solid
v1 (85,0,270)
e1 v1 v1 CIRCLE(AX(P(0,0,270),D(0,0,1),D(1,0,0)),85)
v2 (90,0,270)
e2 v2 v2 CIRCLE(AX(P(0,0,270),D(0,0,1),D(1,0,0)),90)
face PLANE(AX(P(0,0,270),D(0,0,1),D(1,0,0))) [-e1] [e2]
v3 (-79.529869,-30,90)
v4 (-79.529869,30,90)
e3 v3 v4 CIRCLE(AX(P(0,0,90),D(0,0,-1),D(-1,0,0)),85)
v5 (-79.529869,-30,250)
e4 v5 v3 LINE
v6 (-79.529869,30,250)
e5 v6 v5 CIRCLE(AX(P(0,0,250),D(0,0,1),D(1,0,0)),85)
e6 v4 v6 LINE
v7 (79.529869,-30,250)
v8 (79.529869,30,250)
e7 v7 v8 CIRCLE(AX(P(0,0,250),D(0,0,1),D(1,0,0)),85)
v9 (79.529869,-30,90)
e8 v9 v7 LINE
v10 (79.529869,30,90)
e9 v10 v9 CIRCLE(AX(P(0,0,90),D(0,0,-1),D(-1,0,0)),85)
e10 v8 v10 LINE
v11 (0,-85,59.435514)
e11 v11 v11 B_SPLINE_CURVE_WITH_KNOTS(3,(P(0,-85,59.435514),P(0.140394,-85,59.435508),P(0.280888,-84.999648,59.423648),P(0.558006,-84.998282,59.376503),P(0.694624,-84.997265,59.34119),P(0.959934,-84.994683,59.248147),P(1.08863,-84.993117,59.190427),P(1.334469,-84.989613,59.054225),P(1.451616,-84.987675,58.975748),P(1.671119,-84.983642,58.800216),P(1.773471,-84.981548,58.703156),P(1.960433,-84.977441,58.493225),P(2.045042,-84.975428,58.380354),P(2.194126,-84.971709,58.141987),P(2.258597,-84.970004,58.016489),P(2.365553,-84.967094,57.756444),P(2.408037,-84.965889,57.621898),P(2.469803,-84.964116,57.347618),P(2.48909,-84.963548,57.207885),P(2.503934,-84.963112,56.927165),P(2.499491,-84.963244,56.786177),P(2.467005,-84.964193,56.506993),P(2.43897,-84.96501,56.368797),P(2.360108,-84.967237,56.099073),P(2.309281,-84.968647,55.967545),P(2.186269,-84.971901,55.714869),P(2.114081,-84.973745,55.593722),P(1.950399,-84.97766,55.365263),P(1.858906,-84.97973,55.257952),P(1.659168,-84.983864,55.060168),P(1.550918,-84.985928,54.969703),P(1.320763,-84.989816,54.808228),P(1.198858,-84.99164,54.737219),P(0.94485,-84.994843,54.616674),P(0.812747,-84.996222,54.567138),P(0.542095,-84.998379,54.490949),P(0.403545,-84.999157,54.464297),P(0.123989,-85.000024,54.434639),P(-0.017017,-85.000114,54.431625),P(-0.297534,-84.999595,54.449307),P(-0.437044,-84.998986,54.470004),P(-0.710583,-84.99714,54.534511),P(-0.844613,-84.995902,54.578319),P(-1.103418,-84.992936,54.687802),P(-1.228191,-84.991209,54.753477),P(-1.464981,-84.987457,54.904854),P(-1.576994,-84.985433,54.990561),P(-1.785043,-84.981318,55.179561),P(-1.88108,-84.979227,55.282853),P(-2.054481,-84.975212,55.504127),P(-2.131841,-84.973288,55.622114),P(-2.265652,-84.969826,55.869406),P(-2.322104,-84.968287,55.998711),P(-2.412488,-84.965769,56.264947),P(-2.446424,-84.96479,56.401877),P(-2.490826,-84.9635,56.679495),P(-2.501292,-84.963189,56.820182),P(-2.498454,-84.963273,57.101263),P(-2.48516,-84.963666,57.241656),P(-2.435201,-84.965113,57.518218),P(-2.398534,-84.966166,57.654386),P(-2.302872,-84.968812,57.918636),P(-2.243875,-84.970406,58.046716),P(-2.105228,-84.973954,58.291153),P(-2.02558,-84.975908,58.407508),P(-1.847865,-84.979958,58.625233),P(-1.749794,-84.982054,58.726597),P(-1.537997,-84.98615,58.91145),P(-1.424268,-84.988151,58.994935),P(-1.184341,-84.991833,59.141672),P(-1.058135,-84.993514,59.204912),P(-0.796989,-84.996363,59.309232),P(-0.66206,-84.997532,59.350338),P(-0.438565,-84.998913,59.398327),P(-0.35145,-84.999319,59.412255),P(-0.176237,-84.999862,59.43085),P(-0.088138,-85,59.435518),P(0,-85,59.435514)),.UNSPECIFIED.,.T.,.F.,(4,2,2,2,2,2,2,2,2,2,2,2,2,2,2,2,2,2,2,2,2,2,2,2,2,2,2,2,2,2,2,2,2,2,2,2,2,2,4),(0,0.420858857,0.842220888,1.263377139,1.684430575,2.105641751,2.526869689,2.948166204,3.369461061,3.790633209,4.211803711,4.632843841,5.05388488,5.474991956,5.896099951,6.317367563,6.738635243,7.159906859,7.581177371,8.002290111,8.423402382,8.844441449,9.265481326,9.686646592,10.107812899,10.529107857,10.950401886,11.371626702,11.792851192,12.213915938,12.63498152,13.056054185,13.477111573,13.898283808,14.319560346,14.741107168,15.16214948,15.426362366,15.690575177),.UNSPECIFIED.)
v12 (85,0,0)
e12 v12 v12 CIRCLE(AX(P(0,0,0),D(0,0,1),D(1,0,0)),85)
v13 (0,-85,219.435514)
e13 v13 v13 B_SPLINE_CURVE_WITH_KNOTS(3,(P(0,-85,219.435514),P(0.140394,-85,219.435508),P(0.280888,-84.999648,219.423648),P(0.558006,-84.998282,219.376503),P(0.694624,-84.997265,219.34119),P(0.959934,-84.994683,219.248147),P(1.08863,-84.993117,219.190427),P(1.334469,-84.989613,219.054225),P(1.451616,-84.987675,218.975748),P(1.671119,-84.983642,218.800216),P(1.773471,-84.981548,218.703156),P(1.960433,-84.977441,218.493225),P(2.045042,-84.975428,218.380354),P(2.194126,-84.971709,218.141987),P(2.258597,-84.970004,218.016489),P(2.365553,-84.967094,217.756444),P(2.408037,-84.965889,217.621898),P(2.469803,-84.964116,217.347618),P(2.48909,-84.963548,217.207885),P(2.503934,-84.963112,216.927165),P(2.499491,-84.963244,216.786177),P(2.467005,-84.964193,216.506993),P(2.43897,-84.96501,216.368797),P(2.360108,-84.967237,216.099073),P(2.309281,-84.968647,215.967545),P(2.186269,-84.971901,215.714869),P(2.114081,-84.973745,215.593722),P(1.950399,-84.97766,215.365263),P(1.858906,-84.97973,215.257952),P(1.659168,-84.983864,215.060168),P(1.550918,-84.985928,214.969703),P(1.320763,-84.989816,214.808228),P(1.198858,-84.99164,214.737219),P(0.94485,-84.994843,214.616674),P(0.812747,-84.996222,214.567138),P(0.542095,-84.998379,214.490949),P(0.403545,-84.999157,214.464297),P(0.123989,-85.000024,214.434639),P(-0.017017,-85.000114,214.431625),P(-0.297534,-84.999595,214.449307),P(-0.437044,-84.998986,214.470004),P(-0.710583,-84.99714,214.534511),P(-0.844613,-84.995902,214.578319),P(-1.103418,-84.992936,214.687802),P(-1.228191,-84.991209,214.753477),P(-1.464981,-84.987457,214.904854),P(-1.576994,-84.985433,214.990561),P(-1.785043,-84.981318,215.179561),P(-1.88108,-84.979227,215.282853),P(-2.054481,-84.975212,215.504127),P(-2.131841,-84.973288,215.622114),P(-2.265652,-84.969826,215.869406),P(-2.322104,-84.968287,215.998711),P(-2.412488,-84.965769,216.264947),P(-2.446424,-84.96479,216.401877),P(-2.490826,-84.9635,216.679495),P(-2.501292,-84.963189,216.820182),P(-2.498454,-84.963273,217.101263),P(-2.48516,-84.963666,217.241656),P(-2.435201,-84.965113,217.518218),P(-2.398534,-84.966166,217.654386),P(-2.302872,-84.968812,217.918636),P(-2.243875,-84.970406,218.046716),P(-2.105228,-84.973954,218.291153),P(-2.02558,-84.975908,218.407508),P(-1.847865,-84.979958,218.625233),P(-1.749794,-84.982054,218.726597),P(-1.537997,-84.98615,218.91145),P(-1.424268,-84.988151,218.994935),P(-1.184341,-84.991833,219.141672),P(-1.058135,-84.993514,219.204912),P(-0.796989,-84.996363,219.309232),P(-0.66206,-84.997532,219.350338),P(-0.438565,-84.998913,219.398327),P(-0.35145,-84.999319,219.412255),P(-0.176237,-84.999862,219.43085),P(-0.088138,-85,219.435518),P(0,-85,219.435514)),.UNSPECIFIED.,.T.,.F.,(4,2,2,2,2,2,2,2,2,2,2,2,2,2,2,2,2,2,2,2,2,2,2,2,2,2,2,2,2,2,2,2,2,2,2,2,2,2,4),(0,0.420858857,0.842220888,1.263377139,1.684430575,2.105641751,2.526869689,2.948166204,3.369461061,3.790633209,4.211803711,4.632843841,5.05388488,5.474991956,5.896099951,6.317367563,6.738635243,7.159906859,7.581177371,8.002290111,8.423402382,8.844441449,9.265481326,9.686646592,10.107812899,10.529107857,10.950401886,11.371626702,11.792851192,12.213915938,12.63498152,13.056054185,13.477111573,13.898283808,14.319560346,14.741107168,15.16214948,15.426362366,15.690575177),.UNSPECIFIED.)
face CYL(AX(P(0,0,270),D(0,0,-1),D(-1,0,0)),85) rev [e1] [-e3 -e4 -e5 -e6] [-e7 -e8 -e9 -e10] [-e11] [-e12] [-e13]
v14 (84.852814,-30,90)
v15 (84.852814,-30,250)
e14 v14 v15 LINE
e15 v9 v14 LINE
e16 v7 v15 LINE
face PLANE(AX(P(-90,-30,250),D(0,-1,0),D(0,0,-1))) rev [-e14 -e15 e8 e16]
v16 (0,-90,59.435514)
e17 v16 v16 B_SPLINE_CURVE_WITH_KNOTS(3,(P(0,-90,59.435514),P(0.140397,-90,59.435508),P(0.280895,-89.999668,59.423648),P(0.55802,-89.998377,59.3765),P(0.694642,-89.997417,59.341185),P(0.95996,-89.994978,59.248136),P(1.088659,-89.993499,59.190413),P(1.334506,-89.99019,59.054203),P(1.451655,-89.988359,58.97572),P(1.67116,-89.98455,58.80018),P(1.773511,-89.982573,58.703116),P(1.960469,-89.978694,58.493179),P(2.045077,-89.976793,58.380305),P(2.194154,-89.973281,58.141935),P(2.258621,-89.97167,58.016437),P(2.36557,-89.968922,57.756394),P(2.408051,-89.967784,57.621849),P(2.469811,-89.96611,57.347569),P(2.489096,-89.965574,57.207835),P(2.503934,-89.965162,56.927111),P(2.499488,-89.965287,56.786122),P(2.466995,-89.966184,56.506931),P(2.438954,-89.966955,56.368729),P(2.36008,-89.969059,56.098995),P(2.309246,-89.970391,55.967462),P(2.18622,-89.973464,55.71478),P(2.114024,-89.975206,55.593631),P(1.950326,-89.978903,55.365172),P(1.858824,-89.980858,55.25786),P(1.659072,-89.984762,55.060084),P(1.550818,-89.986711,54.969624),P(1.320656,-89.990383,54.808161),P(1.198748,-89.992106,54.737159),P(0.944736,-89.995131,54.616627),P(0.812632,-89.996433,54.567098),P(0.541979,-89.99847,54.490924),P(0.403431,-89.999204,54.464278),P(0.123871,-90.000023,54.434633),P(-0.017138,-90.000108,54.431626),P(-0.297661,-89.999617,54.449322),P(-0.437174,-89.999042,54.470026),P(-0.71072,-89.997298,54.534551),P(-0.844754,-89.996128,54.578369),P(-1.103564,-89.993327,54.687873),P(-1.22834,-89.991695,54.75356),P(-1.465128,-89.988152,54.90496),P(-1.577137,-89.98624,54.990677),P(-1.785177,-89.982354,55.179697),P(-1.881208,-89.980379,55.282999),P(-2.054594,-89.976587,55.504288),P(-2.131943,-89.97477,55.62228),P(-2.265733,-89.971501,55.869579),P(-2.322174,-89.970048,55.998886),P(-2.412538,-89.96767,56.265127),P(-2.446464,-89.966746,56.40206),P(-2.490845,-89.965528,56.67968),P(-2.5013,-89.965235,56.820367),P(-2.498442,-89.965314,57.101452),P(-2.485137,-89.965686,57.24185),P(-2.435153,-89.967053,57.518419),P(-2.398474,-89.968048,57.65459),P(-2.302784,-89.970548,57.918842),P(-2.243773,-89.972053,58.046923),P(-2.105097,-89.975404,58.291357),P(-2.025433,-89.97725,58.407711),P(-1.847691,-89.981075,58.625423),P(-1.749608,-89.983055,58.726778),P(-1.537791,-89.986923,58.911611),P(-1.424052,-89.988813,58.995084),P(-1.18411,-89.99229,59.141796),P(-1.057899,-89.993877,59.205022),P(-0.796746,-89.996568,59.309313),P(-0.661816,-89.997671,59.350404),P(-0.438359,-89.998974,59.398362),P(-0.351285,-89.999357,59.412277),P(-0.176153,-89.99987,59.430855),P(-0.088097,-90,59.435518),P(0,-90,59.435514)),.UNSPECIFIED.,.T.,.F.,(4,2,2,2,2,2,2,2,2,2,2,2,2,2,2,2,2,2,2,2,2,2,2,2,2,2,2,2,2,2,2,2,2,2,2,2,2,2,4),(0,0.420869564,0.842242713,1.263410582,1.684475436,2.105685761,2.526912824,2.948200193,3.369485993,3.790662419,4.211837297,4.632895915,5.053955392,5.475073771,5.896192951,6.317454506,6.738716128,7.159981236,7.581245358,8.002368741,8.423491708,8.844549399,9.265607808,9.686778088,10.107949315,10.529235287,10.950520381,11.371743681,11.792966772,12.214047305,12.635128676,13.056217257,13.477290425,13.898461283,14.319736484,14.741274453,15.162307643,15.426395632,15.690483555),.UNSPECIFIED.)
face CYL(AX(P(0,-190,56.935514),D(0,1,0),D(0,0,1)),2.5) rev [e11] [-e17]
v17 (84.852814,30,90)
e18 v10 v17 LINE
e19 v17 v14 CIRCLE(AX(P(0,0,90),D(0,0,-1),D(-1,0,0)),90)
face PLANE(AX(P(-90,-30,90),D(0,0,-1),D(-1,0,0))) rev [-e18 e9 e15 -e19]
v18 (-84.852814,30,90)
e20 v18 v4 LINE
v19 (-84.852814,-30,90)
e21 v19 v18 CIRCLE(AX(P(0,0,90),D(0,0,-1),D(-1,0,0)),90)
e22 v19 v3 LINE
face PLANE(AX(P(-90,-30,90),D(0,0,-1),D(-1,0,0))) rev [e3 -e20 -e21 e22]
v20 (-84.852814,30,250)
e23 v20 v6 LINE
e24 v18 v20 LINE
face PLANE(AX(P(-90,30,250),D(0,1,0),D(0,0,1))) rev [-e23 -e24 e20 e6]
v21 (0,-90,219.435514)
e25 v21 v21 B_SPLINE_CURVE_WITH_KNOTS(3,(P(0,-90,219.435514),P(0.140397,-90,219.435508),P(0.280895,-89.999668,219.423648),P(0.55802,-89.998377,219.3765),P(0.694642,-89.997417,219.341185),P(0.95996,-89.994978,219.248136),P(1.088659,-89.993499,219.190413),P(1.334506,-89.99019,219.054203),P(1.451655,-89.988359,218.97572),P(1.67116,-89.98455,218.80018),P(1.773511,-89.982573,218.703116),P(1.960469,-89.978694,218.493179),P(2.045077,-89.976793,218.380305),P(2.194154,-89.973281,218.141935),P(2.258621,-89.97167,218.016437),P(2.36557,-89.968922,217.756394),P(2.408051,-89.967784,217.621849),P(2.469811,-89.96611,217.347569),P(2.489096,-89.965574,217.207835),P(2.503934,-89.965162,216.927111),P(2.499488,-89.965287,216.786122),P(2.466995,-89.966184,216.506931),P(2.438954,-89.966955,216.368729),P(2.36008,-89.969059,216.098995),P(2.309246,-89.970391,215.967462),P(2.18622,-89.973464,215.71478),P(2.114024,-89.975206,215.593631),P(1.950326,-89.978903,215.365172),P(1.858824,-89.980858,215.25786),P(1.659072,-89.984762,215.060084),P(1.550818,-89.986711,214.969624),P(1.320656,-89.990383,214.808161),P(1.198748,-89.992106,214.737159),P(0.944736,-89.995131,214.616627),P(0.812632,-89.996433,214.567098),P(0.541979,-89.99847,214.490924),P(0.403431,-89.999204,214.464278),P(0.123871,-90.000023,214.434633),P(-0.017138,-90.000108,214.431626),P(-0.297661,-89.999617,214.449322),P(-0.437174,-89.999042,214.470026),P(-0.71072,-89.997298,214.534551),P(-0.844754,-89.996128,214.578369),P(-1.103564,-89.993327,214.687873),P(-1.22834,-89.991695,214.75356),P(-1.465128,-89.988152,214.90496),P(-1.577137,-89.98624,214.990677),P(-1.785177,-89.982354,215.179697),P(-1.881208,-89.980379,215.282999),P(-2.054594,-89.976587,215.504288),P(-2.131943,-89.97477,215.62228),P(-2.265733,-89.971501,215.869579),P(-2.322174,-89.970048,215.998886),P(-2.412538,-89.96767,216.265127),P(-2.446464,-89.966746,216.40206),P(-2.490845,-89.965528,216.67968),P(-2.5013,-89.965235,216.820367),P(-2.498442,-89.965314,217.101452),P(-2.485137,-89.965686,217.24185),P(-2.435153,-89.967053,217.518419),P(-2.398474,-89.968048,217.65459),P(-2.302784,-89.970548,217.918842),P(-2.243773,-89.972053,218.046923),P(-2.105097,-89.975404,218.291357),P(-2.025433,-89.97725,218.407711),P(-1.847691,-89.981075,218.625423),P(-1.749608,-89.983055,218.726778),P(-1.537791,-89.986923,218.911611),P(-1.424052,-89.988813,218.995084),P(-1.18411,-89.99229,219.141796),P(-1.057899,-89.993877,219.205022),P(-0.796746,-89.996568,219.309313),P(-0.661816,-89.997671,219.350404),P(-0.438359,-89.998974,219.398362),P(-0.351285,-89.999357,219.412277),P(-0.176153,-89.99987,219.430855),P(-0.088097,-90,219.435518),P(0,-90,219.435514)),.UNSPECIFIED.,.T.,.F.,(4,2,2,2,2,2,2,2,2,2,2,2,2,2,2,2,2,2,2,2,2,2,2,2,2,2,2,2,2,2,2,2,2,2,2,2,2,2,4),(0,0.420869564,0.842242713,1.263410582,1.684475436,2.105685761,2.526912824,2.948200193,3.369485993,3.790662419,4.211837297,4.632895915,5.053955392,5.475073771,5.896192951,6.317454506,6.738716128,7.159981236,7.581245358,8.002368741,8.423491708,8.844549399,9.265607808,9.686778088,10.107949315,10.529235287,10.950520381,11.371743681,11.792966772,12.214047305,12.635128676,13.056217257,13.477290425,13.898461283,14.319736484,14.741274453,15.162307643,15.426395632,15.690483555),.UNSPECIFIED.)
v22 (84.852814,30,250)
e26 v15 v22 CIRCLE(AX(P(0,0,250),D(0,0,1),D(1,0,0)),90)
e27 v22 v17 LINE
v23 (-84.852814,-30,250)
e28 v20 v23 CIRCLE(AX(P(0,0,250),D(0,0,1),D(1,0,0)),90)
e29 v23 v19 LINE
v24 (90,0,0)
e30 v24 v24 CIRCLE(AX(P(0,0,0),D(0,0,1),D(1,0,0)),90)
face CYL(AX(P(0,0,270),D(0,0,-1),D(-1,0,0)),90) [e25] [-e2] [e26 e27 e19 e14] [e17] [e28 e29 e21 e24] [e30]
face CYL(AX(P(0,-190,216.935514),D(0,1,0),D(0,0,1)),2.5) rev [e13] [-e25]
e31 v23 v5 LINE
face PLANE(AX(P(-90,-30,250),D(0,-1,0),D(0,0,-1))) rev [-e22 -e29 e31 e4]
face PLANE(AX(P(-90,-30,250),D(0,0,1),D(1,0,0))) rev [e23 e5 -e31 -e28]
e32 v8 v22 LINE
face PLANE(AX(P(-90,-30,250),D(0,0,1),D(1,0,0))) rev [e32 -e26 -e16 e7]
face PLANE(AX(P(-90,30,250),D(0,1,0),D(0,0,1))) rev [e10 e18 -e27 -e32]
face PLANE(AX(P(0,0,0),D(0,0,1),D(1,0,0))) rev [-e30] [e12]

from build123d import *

# Parameters (mm, degrees)
SKETCH1_R               = 90
SKETCH1_R_2             = 85
BOSS_EXTRUDE1_DEPTH     = 270
SKETCH2_W               = 160
SKETCH2_H               = 60
CUT_EXTRUDE1_DEPTH      = 81
CUT_EXTRUDE1_DEPTH_BACK = 101
SKETCH3_R               = 2.5
CUT_EXTRUDE2_DEPTH      = 200


with BuildPart() as part:
    # Sketch1 → Boss-Extrude1 (new body)
    with BuildSketch(Plane.XY):
        Circle(SKETCH1_R)
        Circle(SKETCH1_R_2, mode=Mode.SUBTRACT)
    extrude(amount=BOSS_EXTRUDE1_DEPTH)

    # Sketch2 → Cut-Extrude1 (cut, two sides)
    with BuildSketch(Plane(origin=(10, 0, 0), x_dir=(0, 0, -1), z_dir=(1, 0, 0))) as cut_extrude1_sk:
        with Locations((-170, 0)):
            Rectangle(SKETCH2_W, SKETCH2_H)
    extrude(amount=CUT_EXTRUDE1_DEPTH, mode=Mode.SUBTRACT)
    extrude(cut_extrude1_sk.sketch, amount=-CUT_EXTRUDE1_DEPTH_BACK, mode=Mode.SUBTRACT)

    # Sketch3 → Cut-Extrude2 (cut)
    with BuildSketch(Plane(origin=(0, 10, 0), x_dir=(1, 0, 0), z_dir=(0, 1, 0))):
        with Locations((0, -216.93551415)):
            Circle(SKETCH3_R)
        with Locations((0, -56.93551415)):
            Circle(SKETCH3_R)
    extrude(amount=-CUT_EXTRUDE2_DEPTH, mode=Mode.SUBTRACT)


solid = part.part
